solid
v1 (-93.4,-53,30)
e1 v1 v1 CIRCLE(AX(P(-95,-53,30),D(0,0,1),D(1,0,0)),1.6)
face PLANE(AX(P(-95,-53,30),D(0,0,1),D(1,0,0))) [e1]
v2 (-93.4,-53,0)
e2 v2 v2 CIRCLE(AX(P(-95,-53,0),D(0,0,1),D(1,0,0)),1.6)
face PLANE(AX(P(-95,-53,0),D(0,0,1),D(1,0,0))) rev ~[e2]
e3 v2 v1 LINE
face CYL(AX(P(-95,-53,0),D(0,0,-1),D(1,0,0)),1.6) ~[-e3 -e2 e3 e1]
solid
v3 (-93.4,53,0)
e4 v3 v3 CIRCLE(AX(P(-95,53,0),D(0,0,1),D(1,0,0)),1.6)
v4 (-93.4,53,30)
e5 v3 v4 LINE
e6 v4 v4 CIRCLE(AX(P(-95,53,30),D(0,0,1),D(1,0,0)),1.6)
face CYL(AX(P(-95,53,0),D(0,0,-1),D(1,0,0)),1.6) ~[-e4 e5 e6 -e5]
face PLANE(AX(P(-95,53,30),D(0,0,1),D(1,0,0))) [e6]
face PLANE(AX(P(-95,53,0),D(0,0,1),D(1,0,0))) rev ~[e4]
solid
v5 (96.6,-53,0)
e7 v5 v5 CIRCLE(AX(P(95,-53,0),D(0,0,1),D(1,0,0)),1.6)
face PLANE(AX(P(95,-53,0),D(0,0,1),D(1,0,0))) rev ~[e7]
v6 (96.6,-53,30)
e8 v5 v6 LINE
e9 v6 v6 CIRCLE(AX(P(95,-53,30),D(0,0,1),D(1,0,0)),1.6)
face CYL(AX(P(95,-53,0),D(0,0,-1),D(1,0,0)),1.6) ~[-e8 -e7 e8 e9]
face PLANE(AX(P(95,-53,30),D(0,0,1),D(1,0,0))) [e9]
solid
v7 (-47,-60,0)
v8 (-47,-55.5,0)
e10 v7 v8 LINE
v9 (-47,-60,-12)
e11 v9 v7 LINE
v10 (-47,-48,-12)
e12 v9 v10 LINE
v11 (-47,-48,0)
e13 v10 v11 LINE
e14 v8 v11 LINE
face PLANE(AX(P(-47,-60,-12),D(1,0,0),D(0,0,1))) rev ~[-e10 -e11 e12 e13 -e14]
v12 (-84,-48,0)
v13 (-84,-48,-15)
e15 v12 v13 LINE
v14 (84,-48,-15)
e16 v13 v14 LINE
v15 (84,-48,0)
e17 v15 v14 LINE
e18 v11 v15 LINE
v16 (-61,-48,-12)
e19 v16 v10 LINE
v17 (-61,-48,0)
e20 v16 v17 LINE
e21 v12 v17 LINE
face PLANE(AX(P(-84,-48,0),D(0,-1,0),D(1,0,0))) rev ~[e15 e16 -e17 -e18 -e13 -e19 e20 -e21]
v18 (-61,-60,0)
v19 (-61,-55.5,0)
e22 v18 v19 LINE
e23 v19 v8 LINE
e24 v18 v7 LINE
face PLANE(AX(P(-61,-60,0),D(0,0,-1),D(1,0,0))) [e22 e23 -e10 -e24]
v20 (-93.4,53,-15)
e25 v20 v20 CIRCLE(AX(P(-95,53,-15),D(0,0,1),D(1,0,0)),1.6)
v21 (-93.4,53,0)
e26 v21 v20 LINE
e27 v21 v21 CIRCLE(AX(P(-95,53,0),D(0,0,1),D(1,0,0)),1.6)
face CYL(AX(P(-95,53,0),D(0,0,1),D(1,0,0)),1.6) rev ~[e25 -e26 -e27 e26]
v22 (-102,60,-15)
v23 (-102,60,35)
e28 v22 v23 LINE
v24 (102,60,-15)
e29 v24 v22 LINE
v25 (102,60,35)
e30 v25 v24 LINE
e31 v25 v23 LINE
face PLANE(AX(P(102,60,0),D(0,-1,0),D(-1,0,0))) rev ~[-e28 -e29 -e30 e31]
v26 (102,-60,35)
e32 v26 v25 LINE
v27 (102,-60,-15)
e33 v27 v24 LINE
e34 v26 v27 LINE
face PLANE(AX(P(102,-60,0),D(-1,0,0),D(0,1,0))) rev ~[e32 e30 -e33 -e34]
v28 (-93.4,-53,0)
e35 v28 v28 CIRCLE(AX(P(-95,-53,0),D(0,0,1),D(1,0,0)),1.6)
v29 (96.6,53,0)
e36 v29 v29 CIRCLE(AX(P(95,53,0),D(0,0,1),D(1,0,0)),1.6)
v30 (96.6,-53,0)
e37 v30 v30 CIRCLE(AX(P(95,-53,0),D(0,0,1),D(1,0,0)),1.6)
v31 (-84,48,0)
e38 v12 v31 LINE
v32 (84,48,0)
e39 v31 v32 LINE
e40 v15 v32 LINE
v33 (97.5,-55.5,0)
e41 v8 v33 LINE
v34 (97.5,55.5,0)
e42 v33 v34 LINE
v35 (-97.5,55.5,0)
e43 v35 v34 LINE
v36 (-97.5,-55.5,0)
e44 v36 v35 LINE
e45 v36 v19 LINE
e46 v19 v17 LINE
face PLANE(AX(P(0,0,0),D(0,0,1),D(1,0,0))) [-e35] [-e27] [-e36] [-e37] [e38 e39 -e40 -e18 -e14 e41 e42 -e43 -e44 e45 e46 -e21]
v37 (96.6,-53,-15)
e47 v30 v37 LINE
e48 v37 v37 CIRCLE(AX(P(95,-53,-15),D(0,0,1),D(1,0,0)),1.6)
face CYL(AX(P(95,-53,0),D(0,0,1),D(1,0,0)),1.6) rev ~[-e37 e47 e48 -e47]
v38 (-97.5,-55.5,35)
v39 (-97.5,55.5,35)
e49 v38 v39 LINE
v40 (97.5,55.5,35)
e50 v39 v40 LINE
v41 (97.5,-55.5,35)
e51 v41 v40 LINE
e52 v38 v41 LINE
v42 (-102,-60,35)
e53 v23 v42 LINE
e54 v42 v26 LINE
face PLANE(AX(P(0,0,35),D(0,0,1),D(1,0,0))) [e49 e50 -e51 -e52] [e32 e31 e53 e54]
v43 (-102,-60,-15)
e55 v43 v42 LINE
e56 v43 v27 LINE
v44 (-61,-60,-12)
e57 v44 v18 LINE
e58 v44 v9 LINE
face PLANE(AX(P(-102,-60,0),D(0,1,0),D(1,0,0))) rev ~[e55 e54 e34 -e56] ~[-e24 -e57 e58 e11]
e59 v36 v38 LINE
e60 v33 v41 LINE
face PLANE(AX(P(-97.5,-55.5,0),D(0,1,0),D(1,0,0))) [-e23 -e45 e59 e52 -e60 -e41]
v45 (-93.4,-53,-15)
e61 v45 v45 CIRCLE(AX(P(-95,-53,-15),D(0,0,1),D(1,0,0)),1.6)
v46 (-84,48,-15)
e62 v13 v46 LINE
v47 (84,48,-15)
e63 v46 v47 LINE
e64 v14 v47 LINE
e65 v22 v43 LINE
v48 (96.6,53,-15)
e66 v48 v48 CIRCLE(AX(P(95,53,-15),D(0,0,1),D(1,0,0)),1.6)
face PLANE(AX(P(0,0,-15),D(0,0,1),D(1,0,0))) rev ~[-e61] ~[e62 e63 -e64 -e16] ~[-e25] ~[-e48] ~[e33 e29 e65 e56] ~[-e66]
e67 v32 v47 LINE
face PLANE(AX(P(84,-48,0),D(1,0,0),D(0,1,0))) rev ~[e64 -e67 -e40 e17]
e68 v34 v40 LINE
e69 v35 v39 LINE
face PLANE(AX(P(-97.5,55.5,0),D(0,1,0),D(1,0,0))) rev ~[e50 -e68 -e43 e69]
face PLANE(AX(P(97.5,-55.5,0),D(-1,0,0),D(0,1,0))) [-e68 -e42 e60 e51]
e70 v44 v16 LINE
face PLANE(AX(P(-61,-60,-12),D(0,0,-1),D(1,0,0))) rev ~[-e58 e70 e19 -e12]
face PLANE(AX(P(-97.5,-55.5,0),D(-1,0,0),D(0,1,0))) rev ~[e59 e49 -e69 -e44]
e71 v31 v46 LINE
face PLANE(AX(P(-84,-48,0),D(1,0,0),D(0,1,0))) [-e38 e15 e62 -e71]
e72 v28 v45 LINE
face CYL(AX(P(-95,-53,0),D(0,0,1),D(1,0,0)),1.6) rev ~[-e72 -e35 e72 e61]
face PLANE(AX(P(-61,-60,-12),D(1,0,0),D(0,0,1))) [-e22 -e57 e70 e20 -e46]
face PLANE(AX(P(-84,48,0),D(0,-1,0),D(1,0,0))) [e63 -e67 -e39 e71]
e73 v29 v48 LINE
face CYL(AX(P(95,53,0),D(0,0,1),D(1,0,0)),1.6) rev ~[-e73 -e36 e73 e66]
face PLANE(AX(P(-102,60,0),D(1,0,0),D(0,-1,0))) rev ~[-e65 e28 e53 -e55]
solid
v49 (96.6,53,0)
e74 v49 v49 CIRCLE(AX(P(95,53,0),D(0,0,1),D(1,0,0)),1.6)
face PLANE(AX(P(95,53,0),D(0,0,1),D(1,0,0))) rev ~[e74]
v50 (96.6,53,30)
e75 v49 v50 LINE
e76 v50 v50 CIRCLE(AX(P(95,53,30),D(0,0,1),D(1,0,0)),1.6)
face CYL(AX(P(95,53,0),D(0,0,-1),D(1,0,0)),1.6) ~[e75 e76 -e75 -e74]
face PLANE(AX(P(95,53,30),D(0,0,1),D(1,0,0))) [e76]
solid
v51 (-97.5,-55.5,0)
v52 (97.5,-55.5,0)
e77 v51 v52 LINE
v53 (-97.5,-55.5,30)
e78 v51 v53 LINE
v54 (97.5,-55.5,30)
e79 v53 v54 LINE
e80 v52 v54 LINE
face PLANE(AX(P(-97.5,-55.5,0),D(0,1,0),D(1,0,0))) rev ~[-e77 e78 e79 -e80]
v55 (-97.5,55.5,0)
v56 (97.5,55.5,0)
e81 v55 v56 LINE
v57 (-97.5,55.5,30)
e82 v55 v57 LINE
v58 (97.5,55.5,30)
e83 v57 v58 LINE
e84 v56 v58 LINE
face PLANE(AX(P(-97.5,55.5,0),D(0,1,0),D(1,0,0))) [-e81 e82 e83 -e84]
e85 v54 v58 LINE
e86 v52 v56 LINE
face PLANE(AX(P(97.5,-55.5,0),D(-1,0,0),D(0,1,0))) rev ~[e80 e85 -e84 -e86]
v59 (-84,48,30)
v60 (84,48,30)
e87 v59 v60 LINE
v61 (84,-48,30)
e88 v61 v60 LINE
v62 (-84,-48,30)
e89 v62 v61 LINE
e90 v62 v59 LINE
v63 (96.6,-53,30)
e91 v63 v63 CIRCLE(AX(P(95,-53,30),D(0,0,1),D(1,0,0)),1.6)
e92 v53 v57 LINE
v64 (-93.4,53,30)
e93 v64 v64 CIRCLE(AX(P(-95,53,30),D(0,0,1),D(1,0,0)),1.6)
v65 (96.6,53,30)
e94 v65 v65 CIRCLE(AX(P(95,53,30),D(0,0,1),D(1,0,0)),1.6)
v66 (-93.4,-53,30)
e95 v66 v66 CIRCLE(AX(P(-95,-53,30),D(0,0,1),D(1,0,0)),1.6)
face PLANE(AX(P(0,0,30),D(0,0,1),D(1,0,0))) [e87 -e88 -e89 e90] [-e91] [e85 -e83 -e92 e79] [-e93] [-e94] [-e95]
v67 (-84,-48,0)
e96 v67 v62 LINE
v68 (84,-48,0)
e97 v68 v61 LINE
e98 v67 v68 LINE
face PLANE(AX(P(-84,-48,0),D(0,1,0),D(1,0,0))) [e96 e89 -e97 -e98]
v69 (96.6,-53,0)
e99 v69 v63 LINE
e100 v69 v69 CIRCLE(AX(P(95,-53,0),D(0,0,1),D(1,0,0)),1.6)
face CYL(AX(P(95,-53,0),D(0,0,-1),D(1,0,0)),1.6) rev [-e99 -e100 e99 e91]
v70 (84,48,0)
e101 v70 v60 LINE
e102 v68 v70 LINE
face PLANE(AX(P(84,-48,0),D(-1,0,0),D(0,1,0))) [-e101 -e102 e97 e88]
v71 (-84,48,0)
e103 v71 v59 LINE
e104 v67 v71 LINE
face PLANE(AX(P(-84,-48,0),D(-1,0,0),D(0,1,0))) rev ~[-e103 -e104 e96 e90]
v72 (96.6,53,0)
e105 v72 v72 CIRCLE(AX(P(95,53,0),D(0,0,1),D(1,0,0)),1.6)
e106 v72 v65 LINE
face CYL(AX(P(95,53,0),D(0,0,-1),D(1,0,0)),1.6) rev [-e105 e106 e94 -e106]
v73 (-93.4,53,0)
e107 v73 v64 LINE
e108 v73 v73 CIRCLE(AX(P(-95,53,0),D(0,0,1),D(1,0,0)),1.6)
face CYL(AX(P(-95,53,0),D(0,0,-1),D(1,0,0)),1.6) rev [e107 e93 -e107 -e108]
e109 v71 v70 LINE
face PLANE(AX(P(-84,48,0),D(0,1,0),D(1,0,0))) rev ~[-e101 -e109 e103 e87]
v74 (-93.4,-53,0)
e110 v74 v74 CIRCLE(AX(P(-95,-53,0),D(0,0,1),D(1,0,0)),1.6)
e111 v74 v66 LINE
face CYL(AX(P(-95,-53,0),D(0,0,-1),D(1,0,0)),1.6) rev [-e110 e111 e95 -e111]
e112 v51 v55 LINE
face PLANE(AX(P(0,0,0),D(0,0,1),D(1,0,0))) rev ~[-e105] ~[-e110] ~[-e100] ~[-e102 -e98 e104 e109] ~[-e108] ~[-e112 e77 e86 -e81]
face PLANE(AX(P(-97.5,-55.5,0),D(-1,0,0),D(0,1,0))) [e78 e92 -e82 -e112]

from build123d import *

# Parameters (mm, degrees)
F0_W      = 195
F0_H      = 111
F1_DEPTH  = 15
F0_R      = 1.6
F0_W_2    = 168
F0_H_2    = 96
F2_DEPTH  = 15
F3_DEPTH  = 35
F4_DEPTH  = 30
F5_DEPTH  = 30
F6_DEPTH  = 30
F7_DEPTH  = 30
F8_DEPTH  = 30
F9_W      = 14
F9_H      = 12
F10_DEPTH = 25


with BuildPart() as f1:
    # F0 (on Top) → F1 (new body)
    with BuildSketch(Plane.XY):
        Polygon((102, 53), (102, 60), (95, 60), (-95, 60), (-102, 60), (-102, 53), (-102, -53), (-102, -60), (-95, -60), (95, -60), (102, -60), (102, -53), align=None)
        Rectangle(F0_W, F0_H, mode=Mode.SUBTRACT)
    extrude(amount=-F1_DEPTH)

    # F0 (on Top) → F2 (join)
    with BuildSketch(Plane.XY):
        Rectangle(F0_W, F0_H)
        with Locations((-95, -53)):
            Circle(F0_R, mode=Mode.SUBTRACT)
        with Locations((95, -53)):
            Circle(F0_R, mode=Mode.SUBTRACT)
        with Locations((-95, 53)):
            Circle(F0_R, mode=Mode.SUBTRACT)
        Rectangle(F0_W_2, F0_H_2, mode=Mode.SUBTRACT)
        with Locations((95, 53)):
            Circle(F0_R, mode=Mode.SUBTRACT)
    extrude(amount=-F2_DEPTH)

    # F0 (on Top) → F3 (join)
    with BuildSketch(Plane.XY):
        Polygon((102, 53), (102, 60), (95, 60), (-95, 60), (-102, 60), (-102, 53), (-102, -53), (-102, -60), (-95, -60), (95, -60), (102, -60), (102, -53), align=None)
        Rectangle(F0_W, F0_H, mode=Mode.SUBTRACT)
    extrude(amount=F3_DEPTH)

    # F9 (on face) → F10 (cut)
    with BuildSketch(Plane.XZ.offset(60)):
        with Locations((-54, -6)):
            Rectangle(F9_W, F9_H)
    extrude(amount=-F10_DEPTH, mode=Mode.SUBTRACT)


with BuildPart() as f4:
    # F0 (on Top) → F4 (new body)
    with BuildSketch(Plane.XY):
        with Locations((95, 53)):
            Circle(F0_R)
    extrude(amount=F4_DEPTH)


with BuildPart() as f5:
    # F0 (on Top) → F5 (new body)
    with BuildSketch(Plane.XY):
        with Locations((-95, 53)):
            Circle(F0_R)
    extrude(amount=F5_DEPTH)


with BuildPart() as f6:
    # F0 (on Top) → F6 (new body)
    with BuildSketch(Plane.XY):
        with Locations((95, -53)):
            Circle(F0_R)
    extrude(amount=F6_DEPTH)


with BuildPart() as f7:
    # F0 (on Top) → F7 (new body)
    with BuildSketch(Plane.XY):
        with Locations((-95, -53)):
            Circle(F0_R)
    extrude(amount=F7_DEPTH)


with BuildPart() as f8:
    # F0 (on Top) → F8 (new body)
    with BuildSketch(Plane.XY):
        Rectangle(F0_W, F0_H)
        with Locations((-95, -53)):
            Circle(F0_R, mode=Mode.SUBTRACT)
        with Locations((95, -53)):
            Circle(F0_R, mode=Mode.SUBTRACT)
        with Locations((-95, 53)):
            Circle(F0_R, mode=Mode.SUBTRACT)
        Rectangle(F0_W_2, F0_H_2, mode=Mode.SUBTRACT)
        with Locations((95, 53)):
            Circle(F0_R, mode=Mode.SUBTRACT)
    extrude(amount=F8_DEPTH)


solid = Compound([f1.part, f4.part, f5.part, f6.part, f7.part, f8.part])
